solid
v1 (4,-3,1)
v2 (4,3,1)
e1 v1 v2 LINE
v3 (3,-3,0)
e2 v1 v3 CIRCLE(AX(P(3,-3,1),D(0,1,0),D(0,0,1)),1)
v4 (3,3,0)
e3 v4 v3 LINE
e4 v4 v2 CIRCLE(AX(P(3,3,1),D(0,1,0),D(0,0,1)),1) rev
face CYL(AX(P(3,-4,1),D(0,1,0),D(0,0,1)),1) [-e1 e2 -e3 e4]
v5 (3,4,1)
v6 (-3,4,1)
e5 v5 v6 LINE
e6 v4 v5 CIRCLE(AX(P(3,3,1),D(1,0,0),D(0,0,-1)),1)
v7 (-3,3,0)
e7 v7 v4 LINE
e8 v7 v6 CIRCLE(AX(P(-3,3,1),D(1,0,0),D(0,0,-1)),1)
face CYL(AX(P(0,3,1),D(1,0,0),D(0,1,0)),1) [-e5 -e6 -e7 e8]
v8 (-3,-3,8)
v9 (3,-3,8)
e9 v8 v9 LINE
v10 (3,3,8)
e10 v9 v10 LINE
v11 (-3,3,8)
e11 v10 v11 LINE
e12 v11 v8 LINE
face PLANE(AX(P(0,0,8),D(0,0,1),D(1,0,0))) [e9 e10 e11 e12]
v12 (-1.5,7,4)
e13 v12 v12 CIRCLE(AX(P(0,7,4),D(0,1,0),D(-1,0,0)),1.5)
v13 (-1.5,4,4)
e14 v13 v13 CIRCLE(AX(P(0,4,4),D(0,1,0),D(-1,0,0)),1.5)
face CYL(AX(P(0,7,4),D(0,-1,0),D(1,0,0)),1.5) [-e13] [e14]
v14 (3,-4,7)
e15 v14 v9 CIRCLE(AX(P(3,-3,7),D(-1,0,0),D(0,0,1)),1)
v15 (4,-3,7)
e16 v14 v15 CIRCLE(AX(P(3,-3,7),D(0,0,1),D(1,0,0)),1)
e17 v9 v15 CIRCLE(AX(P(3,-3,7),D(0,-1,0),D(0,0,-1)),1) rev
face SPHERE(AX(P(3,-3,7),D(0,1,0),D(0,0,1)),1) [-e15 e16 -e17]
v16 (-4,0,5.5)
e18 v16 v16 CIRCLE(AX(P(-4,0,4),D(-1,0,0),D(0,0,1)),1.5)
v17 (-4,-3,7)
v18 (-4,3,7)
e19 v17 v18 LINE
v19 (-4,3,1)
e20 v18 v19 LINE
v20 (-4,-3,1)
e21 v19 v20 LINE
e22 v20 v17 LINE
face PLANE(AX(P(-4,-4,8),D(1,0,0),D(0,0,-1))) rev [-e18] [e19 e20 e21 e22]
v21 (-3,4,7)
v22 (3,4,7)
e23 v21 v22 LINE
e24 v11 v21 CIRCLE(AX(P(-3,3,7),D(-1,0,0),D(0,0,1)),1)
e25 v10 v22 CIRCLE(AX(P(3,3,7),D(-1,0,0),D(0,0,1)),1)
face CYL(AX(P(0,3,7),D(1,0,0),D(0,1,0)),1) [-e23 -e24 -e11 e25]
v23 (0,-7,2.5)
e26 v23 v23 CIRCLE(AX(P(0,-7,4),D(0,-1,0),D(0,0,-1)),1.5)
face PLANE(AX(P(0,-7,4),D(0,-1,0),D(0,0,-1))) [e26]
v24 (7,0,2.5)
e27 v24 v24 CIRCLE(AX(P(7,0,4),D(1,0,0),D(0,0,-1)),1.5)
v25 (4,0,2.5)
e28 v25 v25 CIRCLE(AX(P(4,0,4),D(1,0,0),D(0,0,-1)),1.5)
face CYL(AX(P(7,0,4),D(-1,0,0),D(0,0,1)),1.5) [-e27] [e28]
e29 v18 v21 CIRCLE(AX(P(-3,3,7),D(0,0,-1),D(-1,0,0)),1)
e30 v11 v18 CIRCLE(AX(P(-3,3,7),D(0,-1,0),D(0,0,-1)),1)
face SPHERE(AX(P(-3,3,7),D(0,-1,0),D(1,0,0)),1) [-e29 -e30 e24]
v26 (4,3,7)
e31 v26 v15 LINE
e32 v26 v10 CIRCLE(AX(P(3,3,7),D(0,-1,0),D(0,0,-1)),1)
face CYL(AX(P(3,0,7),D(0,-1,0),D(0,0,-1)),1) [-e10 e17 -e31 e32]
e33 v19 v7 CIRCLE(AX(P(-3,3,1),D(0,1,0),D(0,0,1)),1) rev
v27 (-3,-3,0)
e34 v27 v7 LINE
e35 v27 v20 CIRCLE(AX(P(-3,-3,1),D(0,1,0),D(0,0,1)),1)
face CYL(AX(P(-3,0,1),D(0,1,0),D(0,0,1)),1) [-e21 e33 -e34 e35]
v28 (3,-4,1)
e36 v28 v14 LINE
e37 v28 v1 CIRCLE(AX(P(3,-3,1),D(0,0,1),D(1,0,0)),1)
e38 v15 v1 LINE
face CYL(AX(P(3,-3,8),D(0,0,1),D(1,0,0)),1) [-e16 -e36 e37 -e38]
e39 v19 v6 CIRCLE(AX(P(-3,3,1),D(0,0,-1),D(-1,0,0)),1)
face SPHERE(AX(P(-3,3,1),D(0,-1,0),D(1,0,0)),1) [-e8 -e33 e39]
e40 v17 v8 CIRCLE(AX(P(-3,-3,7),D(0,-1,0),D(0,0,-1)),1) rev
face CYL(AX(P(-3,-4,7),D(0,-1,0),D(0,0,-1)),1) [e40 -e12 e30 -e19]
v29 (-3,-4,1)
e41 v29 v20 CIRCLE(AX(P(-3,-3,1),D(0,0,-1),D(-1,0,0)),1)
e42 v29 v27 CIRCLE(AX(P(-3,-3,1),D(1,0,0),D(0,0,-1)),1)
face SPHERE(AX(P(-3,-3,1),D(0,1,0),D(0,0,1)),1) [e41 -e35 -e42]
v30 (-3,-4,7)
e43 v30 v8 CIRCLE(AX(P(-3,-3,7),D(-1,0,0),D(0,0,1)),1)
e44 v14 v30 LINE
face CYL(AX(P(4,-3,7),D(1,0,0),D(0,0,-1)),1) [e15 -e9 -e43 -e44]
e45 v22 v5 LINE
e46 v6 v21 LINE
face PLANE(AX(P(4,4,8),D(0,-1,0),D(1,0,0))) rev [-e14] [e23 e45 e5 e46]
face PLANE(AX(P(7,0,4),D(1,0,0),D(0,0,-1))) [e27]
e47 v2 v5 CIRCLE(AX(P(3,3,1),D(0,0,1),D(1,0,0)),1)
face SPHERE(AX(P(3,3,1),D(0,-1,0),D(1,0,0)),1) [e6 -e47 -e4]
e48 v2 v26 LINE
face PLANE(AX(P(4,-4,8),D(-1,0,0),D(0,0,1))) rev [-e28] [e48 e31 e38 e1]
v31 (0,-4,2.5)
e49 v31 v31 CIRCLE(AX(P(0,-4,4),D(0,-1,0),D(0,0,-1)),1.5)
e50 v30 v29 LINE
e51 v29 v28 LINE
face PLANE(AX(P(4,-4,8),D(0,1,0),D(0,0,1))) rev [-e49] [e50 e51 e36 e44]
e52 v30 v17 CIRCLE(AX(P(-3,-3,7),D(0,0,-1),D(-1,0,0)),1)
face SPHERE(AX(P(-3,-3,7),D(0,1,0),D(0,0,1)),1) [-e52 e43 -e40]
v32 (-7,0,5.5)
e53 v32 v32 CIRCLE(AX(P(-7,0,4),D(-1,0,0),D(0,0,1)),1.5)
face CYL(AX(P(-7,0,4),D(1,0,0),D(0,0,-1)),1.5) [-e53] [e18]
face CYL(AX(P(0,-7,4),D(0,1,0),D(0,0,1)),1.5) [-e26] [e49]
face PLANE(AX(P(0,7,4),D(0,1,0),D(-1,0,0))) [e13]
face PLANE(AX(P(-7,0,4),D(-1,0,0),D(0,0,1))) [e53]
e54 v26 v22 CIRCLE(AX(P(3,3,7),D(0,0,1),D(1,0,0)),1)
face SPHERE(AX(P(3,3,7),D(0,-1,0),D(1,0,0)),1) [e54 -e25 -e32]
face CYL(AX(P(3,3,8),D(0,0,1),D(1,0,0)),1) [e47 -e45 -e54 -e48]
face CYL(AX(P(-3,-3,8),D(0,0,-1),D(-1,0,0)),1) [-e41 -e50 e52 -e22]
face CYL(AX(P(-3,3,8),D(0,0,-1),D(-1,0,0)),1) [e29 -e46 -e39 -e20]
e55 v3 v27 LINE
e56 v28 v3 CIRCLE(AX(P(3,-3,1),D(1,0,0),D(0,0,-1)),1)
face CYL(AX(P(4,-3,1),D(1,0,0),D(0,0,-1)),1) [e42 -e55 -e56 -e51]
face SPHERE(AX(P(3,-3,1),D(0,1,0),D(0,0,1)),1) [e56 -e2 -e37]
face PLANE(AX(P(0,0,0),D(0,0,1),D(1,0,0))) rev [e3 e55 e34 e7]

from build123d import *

# Parameters (mm, degrees)
SKETCH1_W           = 8
SKETCH1_H           = 8
BOSS_EXTRUDE1_DEPTH = 8
SKETCH2_R           = 1.5
BOSS_EXTRUDE2_DEPTH = 3
SKETCH3_R           = 1.5
BOSS_EXTRUDE3_DEPTH = 3
SKETCH4_R           = 1.5
BOSS_EXTRUDE4_DEPTH = 3
SKETCH5_R           = 1.5
BOSS_EXTRUDE5_DEPTH = 3
FILLET3_R           = 1
FILLET4_R           = 1
FILLET5_R           = 1
FILLET6_R           = 1
FILLET7_R           = 1
FILLET8_R           = 1


with BuildPart() as part:
    # Sketch1 → Boss-Extrude1 (new body)
    with BuildSketch(Plane.XY):
        Rectangle(SKETCH1_W, SKETCH1_H)
    extrude(amount=BOSS_EXTRUDE1_DEPTH)

    # Sketch2 → Boss-Extrude2 (add)
    with BuildSketch(Plane(origin=(0, 4, 0), x_dir=(1, 0, 0), z_dir=(0, 1, 0))):
        with Locations((0, -4)):
            Circle(SKETCH2_R)
    extrude(amount=BOSS_EXTRUDE2_DEPTH)

    # Sketch3 → Boss-Extrude3 (add)
    with BuildSketch(Plane(origin=(4, 0, 0), x_dir=(0, 0, -1), z_dir=(1, 0, 0))):
        with Locations((-4, 0)):
            Circle(SKETCH3_R)
    extrude(amount=BOSS_EXTRUDE3_DEPTH)

    # Sketch4 → Boss-Extrude4 (add)
    with BuildSketch(Plane.XZ.offset(4)):
        with Locations((0, 4)):
            Circle(SKETCH4_R)
    extrude(amount=BOSS_EXTRUDE4_DEPTH)

    # Sketch5 → Boss-Extrude5 (add)
    with BuildSketch(Plane.ZY.offset(4)):
        with Locations((4, 0)):
            Circle(SKETCH5_R)
    extrude(amount=BOSS_EXTRUDE5_DEPTH)

    # Fillet3
    fillet3_edges = [part.edges().sort_by_distance(p)[0] for p in [
        (4, 0, 0),
    ]]
    fillet(fillet3_edges, radius=FILLET3_R)

    # Fillet4
    fillet4_edges = [part.edges().sort_by_distance(p)[0] for p in [
        (-4, 0, 0),
    ]]
    fillet(fillet4_edges, radius=FILLET4_R)

    # Fillet5
    fillet5_edges = [part.edges().sort_by_distance(p)[0] for p in [
        (-4, 0, 8),
    ]]
    fillet(fillet5_edges, radius=FILLET5_R)

    # Fillet6
    fillet6_edges = [part.edges().sort_by_distance(p)[0] for p in [
        (4, 0, 8),
    ]]
    fillet(fillet6_edges, radius=FILLET6_R)

    # Fillet7
    fillet7_edges = [part.edges().sort_by_distance(p)[0] for p in [
        (0, -4, 0),
        (-4, -4, 4),
        (0, -4, 8),
        (4, -4, 4),
    ]]
    fillet(fillet7_edges, radius=FILLET7_R)

    # Fillet8
    fillet8_edges = [part.edges().sort_by_distance(p)[0] for p in [
        (0, 4, 0),
        (-4, 4, 4),
        (0, 4, 8),
        (4, 4, 4),
    ]]
    fillet(fillet8_edges, radius=FILLET8_R)


solid = part.part
